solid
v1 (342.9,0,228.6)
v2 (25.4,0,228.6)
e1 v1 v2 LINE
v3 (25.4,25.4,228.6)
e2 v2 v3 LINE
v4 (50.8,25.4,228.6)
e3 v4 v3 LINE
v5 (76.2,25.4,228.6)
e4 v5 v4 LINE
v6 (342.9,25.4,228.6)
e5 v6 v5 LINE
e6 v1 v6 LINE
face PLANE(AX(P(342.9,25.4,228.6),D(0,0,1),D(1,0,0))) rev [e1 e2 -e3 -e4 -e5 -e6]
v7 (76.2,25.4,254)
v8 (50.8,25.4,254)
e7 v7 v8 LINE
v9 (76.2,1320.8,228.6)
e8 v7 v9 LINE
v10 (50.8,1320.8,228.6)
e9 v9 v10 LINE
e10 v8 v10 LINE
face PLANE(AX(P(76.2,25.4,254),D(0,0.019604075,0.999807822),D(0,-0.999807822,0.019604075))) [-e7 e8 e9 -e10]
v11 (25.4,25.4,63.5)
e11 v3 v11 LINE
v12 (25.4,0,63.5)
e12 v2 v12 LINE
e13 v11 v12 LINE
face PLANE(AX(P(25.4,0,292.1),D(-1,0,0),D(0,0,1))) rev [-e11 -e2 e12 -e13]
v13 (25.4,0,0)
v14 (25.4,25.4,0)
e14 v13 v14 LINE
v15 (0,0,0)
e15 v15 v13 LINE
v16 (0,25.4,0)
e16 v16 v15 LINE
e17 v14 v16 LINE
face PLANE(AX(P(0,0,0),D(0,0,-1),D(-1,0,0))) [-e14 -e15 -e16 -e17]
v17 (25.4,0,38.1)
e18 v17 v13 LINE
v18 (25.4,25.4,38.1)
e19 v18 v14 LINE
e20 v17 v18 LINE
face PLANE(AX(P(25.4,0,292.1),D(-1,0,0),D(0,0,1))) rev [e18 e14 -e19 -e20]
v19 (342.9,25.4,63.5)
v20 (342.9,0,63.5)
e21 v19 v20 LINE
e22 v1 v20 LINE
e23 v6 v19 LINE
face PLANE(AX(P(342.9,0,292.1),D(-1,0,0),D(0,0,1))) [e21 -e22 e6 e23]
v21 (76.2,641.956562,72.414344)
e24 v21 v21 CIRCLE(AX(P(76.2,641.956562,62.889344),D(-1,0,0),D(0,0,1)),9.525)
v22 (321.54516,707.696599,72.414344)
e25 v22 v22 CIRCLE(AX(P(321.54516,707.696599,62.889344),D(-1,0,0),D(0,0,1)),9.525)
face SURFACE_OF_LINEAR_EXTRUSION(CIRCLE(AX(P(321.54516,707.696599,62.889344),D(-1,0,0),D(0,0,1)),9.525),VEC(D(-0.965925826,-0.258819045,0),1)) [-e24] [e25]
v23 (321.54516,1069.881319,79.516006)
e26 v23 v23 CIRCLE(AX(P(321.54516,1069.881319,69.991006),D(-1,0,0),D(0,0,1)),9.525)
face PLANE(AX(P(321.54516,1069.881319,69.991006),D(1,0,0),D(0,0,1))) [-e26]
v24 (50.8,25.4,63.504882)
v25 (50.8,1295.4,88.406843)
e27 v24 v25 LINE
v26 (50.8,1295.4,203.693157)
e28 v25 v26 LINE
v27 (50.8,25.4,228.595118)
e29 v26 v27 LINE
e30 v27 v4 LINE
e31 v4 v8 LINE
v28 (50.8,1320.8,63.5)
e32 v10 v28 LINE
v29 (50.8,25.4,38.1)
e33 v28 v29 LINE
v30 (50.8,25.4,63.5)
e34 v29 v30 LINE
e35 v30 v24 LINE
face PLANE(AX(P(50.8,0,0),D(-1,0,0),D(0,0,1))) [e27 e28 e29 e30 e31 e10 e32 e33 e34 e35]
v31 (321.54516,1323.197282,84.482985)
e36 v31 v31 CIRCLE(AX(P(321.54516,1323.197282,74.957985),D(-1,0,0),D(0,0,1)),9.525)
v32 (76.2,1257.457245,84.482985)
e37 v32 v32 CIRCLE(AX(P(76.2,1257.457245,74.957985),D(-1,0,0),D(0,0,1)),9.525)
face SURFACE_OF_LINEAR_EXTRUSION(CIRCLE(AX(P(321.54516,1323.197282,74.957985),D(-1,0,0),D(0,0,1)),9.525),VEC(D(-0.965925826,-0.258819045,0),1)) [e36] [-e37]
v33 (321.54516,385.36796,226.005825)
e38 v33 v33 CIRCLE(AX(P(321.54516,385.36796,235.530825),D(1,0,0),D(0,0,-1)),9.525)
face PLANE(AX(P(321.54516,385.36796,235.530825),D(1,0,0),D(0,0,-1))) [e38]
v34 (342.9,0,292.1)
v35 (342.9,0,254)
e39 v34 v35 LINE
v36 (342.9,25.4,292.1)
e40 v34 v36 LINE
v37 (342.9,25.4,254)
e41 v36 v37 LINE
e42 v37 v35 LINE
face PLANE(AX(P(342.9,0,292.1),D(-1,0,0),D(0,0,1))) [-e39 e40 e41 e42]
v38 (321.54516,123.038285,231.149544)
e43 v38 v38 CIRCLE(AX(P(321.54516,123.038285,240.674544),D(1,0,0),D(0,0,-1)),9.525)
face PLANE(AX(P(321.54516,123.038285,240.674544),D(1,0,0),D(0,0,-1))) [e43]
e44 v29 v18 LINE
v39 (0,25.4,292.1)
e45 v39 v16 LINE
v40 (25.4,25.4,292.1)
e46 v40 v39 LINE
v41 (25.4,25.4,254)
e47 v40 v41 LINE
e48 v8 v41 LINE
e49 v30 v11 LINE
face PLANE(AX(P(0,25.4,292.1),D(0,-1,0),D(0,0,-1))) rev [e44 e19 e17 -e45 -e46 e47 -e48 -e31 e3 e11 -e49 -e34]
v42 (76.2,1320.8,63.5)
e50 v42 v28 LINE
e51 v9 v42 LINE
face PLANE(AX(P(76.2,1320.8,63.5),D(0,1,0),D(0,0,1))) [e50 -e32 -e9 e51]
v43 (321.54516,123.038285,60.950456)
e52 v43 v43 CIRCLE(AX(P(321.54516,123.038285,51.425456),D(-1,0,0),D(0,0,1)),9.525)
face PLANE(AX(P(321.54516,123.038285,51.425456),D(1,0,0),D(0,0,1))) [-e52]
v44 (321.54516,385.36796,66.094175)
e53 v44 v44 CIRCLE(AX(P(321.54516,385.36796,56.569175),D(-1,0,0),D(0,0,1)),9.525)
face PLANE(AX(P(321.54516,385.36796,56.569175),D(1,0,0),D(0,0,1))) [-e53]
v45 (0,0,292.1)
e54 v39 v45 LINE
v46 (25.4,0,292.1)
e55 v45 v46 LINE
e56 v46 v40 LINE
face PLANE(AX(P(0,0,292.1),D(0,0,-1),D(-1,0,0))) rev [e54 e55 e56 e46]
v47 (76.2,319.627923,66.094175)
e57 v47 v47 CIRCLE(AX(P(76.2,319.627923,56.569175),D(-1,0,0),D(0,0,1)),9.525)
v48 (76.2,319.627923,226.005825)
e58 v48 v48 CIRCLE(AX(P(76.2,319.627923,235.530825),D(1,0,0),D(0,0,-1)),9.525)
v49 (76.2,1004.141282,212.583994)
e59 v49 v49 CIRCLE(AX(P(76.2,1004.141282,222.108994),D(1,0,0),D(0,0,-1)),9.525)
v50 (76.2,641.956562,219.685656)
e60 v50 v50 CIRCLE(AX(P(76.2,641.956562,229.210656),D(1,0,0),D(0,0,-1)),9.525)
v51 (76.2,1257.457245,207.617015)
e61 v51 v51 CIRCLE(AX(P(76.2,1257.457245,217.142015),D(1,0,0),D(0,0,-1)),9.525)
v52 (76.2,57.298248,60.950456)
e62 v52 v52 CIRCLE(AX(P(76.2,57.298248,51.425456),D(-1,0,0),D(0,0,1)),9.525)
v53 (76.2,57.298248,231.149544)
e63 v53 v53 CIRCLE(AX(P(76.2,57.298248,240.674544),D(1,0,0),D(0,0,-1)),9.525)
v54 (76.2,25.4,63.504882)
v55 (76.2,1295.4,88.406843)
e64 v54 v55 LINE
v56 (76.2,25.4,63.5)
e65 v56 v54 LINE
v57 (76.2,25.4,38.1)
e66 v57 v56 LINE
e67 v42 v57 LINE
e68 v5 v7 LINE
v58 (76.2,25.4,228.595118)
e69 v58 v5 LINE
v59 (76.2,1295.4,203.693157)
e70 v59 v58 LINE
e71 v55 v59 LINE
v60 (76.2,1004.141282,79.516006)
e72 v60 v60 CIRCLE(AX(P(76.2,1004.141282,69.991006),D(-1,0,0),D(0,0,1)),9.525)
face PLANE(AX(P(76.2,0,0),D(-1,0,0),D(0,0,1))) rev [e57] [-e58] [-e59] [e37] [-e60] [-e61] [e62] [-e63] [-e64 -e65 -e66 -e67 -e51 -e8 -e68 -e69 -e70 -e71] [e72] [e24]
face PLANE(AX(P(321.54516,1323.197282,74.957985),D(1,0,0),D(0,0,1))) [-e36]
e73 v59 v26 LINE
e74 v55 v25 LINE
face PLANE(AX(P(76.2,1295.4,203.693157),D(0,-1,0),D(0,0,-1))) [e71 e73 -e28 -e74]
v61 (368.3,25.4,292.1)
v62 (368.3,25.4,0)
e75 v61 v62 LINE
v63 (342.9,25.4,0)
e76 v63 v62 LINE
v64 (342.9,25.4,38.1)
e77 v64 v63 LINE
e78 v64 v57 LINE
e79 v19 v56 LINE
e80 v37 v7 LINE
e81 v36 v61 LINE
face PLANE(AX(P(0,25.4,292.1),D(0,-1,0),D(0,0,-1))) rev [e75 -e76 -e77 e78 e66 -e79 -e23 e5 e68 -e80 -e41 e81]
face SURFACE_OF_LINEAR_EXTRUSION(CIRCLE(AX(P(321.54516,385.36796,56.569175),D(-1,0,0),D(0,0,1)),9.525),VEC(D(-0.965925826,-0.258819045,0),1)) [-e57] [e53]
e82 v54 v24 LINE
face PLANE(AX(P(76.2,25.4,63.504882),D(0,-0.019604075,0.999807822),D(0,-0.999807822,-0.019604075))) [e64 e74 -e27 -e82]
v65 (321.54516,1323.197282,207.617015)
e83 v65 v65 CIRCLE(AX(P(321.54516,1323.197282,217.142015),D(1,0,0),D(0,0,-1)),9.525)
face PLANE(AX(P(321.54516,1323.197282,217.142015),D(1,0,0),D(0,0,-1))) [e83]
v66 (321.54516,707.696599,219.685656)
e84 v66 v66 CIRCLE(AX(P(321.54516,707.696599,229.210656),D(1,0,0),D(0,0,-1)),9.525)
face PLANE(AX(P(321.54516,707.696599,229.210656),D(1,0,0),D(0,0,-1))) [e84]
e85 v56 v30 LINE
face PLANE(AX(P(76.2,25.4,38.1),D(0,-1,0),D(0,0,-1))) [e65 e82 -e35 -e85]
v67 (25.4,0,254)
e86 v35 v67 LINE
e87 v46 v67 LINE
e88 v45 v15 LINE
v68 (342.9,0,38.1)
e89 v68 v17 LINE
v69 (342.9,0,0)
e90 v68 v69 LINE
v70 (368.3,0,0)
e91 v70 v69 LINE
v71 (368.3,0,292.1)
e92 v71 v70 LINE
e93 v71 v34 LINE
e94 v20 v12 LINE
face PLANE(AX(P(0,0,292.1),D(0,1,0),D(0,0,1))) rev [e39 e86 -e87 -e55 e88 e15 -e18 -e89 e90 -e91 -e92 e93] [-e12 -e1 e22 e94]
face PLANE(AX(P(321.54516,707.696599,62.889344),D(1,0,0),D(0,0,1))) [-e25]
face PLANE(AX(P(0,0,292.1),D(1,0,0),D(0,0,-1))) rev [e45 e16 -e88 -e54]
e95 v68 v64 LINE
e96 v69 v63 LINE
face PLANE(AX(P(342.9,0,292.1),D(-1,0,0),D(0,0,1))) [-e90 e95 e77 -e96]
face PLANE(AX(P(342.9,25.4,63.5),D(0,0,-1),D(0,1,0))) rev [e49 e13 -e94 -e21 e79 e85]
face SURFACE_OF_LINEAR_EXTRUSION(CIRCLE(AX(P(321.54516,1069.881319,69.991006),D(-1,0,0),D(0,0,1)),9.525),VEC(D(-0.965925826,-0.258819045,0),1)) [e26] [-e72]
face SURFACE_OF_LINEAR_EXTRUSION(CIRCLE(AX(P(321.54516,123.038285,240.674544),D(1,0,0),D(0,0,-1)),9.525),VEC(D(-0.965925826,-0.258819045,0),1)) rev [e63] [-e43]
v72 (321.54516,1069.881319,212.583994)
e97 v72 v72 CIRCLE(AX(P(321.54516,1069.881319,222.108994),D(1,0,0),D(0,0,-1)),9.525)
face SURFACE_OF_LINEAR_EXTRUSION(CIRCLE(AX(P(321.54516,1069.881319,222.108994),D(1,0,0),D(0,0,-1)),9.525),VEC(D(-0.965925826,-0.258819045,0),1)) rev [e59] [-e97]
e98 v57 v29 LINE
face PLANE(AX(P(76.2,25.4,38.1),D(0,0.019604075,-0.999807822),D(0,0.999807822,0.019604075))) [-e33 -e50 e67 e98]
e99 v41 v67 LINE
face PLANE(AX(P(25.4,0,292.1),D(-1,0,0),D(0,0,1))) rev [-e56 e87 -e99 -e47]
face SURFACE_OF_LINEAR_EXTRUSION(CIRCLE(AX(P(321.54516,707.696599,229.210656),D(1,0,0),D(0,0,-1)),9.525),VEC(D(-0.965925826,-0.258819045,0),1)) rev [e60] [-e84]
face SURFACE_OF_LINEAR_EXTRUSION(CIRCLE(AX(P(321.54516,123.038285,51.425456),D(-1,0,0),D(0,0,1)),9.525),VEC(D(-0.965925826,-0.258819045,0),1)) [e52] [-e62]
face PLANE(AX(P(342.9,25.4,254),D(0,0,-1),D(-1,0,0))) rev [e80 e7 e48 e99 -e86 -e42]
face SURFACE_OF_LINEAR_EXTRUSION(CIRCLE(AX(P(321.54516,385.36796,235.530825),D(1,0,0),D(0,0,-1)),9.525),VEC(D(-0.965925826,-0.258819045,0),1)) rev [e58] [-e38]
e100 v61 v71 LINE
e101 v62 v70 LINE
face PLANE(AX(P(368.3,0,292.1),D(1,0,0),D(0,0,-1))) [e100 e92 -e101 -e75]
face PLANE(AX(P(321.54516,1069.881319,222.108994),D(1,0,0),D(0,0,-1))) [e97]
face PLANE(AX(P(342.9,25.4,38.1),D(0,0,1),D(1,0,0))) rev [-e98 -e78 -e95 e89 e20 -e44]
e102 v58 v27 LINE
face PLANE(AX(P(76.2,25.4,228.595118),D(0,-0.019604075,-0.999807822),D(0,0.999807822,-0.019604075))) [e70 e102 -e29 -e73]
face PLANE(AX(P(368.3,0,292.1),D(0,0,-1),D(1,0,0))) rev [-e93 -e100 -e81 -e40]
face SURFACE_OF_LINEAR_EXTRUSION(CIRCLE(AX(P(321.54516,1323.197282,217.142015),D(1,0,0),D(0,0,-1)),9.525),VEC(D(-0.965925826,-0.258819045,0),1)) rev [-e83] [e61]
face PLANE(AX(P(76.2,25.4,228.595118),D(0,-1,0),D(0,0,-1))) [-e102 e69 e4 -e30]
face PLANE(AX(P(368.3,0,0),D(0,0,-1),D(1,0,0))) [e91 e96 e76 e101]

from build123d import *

# Parameters (mm, degrees)
SKETCH1_W           = 25.4
SKETCH1_H           = 25.4
BOSS_EXTRUDE1_DEPTH = 292.1
SKETCH2_W           = 25.4
SKETCH2_H           = 25.4
BOSS_EXTRUDE2_DEPTH = 317.5
BOSS_EXTRUDE3_DEPTH = 25.4
SKETCH4_R           = 9.525
BOSS_EXTRUDE5_DEPTH = 254


with BuildPart() as part:
    # Sketch1 → Boss-Extrude1 (new body)
    with BuildSketch(Plane.XY):
        with Locations((12.7, 12.7)):
            Rectangle(SKETCH1_W, SKETCH1_H)
    boss_extrude1 = extrude(amount=BOSS_EXTRUDE1_DEPTH)

    # Sketch2 → Boss-Extrude2 (add)
    with BuildSketch(Plane(origin=(25.4, 0, 0), x_dir=(0, 0, -1), z_dir=(1, 0, 0))):
        with Locations((-241.3, 12.7)):
            Rectangle(SKETCH2_W, SKETCH2_H)
        with Locations((-50.8, 12.7)):
            Rectangle(SKETCH2_W, SKETCH2_H)
    extrude(amount=BOSS_EXTRUDE2_DEPTH)

    # Mirror1: Boss-Extrude1 across plane
    add(boss_extrude1.mirror(Plane(origin=(184.15, 0, 0), x_dir=(0, 0, 1), z_dir=(1, 0, 0))))

    # Sketch3 → Boss-Extrude3 (add)
    with BuildSketch(Plane.ZY.offset(-50.8)):
        Polygon((38.1, 25.4), (63.5, 1320.8), (88.904882268, 1320.8), (203.195117732, 1320.8), (228.6, 1320.8), (254, 25.4), (228.595117732, 25.4), (203.693156948, 1295.4), (88.406843052, 1295.4), (63.504882268, 25.4), align=None)
    extrude(amount=-BOSS_EXTRUDE3_DEPTH)

    # Sketch4 → Boss-Extrude5 (add, along a direction that is not the sketch's normal)
    with BuildSketch(Plane(origin=(76.2, 0, 0), x_dir=(0, 0, -1), z_dir=(1, 0, 0))):
        with Locations((-240.674544157, 57.298247998)):
            Circle(SKETCH4_R)
        with Locations((-235.530825048, 319.62792253)):
            Circle(SKETCH4_R)
        with Locations((-229.210655655, 641.956561596)):
            Circle(SKETCH4_R)
        with Locations((-217.142014813, 1257.457244551)):
            Circle(SKETCH4_R)
        with Locations((-222.108994477, 1004.141281654)):
            Circle(SKETCH4_R)
    boss_extrude5 = extrude(amount=BOSS_EXTRUDE5_DEPTH, dir=(0.9659258262890673, 0.2588190451025247, -2.638762530576281e-15))

    # Mirror2: Boss-Extrude5 across plane
    add(boss_extrude5.mirror(Plane.XY.offset(146.05)))


solid = part.part
